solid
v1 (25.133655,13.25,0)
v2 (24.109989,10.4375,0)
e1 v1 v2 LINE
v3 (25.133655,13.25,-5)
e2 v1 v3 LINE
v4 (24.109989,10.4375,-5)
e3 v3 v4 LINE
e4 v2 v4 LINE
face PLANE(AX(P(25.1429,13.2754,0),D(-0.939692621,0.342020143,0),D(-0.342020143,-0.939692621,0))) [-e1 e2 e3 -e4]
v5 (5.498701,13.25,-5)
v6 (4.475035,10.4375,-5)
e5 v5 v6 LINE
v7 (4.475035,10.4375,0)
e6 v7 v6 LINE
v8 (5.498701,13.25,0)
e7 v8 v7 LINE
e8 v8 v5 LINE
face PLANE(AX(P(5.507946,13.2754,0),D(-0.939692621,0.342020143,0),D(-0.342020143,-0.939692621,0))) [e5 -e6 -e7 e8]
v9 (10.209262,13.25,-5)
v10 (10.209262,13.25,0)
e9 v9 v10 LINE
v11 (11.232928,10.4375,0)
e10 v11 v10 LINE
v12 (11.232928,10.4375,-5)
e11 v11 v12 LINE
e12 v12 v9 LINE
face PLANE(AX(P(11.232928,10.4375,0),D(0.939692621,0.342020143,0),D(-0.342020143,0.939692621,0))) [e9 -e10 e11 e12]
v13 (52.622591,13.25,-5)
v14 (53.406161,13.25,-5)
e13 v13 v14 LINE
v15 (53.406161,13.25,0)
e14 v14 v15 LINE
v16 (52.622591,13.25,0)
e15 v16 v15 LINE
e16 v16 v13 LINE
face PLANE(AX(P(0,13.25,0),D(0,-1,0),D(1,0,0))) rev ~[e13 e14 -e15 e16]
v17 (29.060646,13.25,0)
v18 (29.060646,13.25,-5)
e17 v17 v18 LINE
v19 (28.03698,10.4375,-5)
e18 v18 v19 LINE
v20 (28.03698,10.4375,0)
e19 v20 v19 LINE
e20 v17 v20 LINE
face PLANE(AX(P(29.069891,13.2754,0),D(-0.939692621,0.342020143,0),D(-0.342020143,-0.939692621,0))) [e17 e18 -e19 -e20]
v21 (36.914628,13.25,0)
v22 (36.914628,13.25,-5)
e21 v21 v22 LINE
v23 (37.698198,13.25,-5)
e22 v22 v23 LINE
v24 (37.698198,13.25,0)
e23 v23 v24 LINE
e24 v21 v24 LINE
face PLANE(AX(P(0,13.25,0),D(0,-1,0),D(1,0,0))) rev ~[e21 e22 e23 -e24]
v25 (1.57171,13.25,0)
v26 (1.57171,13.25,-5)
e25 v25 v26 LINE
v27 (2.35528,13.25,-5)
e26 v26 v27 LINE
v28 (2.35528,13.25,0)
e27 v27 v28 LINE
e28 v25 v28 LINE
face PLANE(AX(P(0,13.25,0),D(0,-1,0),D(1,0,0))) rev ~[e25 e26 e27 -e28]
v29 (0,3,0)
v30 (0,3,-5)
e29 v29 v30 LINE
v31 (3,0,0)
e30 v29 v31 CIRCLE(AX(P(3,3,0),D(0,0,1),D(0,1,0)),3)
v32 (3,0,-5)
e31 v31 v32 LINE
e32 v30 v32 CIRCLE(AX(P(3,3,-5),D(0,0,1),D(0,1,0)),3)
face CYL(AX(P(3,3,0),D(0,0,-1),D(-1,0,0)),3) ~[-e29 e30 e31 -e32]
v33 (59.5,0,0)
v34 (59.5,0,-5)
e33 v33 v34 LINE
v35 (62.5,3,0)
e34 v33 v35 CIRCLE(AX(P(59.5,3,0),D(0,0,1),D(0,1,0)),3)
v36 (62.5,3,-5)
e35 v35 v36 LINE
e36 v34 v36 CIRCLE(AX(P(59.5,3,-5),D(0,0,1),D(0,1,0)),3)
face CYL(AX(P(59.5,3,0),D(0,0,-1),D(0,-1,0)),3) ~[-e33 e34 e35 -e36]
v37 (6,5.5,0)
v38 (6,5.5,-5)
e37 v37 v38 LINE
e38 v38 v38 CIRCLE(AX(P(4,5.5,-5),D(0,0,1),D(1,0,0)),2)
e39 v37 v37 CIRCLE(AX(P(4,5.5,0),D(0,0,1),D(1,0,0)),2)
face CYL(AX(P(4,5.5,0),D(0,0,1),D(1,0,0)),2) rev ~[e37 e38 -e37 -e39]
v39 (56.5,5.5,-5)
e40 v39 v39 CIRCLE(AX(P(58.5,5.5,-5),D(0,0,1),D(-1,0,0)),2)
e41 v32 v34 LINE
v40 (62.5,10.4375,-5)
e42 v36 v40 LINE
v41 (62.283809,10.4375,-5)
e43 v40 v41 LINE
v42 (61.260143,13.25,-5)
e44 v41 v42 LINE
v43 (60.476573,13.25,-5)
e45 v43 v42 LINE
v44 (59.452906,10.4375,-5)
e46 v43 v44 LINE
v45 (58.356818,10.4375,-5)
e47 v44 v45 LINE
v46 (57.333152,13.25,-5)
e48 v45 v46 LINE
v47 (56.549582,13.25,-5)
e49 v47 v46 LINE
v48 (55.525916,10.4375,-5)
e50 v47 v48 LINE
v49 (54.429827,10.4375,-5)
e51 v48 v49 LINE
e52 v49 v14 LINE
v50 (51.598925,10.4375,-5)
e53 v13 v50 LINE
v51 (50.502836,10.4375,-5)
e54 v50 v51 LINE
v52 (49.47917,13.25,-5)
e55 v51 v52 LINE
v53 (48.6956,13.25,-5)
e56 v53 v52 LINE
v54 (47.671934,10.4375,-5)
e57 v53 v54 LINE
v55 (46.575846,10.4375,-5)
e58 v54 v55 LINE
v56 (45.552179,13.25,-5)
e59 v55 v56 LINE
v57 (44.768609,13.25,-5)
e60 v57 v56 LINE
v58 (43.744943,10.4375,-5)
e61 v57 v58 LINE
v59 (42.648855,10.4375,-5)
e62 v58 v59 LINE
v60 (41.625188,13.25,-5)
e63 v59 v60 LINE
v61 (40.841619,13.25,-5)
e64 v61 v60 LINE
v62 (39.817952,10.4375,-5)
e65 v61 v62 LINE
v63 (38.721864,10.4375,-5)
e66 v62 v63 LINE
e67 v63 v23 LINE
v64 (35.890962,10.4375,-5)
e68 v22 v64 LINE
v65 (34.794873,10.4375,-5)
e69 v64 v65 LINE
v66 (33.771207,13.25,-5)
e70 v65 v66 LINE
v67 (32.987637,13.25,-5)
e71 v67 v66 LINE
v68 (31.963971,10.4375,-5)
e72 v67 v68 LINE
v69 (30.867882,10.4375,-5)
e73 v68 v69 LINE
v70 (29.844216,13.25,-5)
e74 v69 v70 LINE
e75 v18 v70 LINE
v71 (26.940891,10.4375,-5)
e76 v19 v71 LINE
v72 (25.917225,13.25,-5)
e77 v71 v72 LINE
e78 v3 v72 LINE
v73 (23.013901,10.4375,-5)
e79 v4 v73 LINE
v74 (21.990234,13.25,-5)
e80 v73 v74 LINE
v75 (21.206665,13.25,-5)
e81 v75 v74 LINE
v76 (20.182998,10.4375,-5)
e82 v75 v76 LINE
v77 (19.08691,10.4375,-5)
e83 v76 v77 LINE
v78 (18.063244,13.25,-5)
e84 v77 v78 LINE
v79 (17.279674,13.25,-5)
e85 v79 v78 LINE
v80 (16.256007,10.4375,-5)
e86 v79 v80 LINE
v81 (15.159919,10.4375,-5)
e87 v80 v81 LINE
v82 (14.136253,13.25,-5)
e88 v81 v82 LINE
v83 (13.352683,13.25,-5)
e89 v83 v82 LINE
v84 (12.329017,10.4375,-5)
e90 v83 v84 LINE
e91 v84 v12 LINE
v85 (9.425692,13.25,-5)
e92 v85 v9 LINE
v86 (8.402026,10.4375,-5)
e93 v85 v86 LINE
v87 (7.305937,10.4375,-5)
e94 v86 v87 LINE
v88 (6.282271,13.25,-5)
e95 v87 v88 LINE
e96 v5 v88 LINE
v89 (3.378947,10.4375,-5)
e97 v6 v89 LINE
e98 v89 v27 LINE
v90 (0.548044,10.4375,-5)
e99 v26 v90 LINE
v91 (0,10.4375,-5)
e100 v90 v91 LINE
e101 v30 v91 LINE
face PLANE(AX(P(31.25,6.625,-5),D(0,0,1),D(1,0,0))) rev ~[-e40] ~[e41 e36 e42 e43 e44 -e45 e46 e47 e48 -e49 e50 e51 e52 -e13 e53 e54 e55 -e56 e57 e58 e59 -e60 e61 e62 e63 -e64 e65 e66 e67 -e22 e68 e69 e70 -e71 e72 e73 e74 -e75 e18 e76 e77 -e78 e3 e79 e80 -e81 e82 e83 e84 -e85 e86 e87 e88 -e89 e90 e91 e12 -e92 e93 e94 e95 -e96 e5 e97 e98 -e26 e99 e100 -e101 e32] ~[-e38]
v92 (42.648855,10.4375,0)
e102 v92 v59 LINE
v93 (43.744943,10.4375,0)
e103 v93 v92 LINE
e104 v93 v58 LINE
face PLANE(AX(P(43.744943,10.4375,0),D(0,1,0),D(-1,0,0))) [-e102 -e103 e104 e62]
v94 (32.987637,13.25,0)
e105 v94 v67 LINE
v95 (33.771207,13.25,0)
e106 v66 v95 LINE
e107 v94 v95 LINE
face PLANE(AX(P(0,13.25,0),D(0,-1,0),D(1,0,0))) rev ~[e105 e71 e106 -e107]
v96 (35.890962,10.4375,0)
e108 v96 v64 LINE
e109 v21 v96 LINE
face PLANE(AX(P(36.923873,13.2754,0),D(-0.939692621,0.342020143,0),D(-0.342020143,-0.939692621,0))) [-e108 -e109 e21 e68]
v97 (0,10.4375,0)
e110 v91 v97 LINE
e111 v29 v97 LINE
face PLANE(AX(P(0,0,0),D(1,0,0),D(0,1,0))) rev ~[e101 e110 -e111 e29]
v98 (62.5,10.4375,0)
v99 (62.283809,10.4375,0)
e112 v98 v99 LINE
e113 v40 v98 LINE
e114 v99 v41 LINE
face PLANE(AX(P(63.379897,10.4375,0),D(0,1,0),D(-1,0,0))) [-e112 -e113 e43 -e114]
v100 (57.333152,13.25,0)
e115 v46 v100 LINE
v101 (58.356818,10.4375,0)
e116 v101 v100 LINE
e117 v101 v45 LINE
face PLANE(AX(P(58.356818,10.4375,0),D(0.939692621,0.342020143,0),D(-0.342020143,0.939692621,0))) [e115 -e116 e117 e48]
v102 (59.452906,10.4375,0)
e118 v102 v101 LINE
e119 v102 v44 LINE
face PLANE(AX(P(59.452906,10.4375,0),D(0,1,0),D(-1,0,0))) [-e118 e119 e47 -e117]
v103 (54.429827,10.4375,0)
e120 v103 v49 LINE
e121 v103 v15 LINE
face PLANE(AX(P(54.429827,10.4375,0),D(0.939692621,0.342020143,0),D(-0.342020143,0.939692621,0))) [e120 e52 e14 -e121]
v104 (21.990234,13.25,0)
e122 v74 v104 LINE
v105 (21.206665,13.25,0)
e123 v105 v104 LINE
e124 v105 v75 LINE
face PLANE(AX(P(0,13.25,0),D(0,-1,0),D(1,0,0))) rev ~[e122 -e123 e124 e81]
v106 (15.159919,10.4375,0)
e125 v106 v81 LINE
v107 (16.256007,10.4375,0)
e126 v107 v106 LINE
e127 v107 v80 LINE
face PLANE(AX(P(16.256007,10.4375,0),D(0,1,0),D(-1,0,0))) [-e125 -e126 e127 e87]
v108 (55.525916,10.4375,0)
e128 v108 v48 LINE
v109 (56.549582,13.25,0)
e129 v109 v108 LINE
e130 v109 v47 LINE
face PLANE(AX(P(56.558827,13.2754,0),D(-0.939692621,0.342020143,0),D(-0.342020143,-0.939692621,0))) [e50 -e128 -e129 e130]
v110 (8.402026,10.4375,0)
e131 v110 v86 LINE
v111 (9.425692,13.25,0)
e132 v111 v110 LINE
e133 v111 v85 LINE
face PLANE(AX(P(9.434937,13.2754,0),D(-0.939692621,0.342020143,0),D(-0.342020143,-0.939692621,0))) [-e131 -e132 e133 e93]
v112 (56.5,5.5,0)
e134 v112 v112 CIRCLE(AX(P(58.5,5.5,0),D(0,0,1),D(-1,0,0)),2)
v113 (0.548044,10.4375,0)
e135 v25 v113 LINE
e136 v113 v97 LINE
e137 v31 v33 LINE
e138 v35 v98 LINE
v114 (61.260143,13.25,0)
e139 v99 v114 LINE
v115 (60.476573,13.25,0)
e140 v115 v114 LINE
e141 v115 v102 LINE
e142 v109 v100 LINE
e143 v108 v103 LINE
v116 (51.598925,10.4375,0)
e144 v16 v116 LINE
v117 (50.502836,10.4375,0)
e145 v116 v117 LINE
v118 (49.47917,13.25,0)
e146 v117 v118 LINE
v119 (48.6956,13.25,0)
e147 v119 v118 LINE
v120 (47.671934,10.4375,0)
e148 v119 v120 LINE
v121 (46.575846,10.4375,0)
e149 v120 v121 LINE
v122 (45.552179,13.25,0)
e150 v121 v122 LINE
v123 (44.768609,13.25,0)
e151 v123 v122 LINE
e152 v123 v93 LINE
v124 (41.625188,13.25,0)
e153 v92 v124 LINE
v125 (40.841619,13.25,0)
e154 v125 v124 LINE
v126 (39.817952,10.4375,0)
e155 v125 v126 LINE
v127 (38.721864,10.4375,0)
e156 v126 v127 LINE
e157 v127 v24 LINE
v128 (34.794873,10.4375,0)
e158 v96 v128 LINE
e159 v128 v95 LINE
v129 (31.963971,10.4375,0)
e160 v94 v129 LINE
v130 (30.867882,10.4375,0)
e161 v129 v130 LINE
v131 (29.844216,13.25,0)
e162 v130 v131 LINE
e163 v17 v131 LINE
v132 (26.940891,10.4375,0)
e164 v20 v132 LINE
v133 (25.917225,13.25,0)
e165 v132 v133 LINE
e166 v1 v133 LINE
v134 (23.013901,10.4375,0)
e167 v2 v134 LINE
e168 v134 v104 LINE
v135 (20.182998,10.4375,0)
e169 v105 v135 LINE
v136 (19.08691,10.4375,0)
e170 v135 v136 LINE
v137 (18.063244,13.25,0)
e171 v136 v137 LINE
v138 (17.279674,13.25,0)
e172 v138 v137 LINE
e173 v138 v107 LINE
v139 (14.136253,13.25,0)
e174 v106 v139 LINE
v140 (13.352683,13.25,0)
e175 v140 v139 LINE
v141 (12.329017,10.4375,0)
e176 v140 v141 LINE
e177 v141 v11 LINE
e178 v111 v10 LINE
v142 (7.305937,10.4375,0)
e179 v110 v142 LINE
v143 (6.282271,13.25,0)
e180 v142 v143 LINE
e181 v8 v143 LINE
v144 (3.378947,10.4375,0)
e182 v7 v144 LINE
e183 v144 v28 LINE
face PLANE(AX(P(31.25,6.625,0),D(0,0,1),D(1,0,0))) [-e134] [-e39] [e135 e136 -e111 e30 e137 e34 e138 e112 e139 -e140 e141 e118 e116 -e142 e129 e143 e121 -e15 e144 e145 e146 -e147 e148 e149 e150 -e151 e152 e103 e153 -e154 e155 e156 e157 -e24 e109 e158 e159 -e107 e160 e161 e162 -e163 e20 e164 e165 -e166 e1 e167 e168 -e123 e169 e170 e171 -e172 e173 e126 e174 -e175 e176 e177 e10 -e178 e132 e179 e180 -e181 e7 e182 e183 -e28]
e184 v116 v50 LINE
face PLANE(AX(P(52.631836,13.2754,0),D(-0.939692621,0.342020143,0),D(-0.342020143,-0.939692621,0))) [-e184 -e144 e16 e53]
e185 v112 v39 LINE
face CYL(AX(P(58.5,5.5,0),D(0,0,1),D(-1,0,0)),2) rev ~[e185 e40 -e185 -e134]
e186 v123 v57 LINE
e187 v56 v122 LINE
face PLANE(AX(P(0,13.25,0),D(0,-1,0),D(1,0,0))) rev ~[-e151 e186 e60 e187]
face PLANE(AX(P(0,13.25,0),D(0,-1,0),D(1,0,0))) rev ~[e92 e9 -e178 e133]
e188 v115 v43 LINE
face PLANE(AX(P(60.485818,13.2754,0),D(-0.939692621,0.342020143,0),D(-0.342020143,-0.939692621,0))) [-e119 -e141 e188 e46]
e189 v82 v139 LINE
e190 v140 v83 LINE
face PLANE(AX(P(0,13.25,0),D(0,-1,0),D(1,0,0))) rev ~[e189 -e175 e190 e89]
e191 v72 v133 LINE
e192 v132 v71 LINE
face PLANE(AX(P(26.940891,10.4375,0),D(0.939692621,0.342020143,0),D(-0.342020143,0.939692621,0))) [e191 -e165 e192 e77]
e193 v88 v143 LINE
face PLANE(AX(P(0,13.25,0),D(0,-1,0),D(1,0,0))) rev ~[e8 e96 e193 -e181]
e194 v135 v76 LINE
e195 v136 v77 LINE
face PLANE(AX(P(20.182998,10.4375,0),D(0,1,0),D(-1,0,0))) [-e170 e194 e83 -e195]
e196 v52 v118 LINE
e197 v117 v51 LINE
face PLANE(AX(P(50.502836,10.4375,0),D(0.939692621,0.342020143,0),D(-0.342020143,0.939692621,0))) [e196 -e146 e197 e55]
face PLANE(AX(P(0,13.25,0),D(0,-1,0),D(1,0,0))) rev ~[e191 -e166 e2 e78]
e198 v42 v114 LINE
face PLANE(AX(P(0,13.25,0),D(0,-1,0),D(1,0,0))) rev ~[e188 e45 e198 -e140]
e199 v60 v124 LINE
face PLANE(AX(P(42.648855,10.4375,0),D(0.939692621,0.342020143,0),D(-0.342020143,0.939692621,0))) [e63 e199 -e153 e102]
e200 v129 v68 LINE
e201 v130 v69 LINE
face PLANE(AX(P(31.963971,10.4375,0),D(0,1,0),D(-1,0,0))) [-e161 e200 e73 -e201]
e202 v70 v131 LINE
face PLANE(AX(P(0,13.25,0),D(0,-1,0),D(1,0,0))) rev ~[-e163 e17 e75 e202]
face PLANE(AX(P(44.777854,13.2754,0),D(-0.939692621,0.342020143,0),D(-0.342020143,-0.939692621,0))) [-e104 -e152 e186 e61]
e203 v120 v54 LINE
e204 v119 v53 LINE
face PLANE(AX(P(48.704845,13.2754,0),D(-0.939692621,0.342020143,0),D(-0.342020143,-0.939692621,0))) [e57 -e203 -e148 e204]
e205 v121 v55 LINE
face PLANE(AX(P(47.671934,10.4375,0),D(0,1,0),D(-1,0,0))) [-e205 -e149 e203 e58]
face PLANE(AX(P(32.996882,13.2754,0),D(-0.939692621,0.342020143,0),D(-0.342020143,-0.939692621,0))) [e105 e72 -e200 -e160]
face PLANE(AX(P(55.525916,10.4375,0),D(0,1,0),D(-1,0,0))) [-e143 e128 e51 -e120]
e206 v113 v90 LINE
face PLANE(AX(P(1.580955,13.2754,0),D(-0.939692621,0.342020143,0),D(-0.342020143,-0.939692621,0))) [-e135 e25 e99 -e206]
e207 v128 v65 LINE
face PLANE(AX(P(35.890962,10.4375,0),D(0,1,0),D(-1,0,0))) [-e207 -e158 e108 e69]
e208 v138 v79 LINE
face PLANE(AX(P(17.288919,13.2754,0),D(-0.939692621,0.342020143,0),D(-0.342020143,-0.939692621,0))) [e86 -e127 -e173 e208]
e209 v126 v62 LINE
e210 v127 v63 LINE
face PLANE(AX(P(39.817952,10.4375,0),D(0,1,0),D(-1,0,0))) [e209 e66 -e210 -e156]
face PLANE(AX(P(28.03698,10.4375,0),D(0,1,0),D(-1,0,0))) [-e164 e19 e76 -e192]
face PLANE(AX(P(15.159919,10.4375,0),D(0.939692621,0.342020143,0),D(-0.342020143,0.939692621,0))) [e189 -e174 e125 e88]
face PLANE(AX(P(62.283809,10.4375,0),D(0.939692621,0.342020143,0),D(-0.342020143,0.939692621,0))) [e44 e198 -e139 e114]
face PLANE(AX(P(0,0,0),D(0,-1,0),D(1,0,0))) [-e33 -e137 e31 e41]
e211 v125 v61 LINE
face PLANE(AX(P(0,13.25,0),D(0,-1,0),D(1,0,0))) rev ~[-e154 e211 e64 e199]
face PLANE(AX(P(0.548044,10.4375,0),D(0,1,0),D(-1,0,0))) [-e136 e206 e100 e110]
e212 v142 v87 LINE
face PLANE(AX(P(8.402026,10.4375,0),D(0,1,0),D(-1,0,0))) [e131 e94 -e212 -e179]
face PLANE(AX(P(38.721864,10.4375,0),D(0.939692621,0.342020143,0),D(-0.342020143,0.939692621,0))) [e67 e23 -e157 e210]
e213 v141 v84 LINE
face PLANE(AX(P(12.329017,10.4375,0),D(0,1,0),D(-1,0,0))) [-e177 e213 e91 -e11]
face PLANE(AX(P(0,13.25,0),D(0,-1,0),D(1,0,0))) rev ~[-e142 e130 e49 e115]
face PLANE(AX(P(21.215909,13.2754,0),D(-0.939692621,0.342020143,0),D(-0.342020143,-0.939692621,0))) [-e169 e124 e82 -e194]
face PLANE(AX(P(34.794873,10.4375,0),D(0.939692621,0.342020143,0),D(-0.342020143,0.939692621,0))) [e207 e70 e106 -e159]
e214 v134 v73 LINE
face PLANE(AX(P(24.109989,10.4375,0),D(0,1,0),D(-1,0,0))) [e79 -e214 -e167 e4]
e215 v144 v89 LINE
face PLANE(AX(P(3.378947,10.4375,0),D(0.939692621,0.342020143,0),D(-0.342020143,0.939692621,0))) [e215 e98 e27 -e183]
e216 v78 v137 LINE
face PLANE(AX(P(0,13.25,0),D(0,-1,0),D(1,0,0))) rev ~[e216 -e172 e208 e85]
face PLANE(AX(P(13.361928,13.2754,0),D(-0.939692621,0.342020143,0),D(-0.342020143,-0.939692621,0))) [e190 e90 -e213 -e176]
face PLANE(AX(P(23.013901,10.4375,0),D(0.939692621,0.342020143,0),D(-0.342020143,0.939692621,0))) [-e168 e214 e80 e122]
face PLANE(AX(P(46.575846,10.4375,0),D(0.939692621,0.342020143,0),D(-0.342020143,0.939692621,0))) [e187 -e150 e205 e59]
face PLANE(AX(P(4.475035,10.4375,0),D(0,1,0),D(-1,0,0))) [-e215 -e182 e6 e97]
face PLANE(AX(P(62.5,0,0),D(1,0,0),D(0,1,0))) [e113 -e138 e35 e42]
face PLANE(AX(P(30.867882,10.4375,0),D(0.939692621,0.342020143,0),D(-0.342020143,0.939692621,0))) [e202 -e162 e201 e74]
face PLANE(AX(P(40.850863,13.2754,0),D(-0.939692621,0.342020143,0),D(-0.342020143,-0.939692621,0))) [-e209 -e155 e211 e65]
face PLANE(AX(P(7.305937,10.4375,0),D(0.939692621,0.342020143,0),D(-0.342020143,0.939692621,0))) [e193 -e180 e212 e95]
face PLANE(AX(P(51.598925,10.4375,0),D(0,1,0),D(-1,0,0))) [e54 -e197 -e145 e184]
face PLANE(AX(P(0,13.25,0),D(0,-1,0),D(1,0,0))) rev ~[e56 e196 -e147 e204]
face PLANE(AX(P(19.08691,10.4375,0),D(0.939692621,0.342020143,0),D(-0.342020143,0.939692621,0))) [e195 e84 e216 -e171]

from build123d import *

# Parameters (mm, degrees)
BLANKSKE_W        = 62.5
BLANKSKE_H        = 13.25
BLANKSKE_R        = 2
BLANK_DEPTH       = 5
TOOTHCUTSIM_DEPTH = 65.084416983
TEETHCUTS_COUNT   = 17
TEETHCUTS_PITCH   = 3.926990813
FILLET1_R         = 3


with BuildPart() as part:
    # BlankSke → Blank (new body)
    with BuildSketch(Plane.XY):
        with Locations((31.25, 6.625)):
            Rectangle(BLANKSKE_W, BLANKSKE_H)
        with Locations((4, 5.5)):
            Circle(BLANKSKE_R, mode=Mode.SUBTRACT)
        with Locations(Location((58.5, 5.5, 0), (0, 0, 180))):
            Circle(BLANKSKE_R, mode=Mode.SUBTRACT)
    extrude(amount=-BLANK_DEPTH)

    # TooCutSkeSim → ToothCutSim (cut, through all)
    with BuildSketch(Plane.XY):
        Polygon((0.548044212, 10.4375), (-0.548044212, 10.4375), (-1.58095534, 13.2754), (1.58095534, 13.2754), align=None)
    toothcutsim = extrude(amount=-TOOTHCUTSIM_DEPTH, mode=Mode.SUBTRACT)

    # TeethCuts: ToothCutSim ×17
    with Locations(*[(i * TEETHCUTS_PITCH, 0, 0) for i in range(1, TEETHCUTS_COUNT)]):
        add(toothcutsim, mode=Mode.SUBTRACT)

    # Fillet1
    fillet1_edges = [part.edges().sort_by_distance(p)[0] for p in [
        (62.5, 0, -2.5),
        (0, 0, -2.5),
    ]]
    fillet(fillet1_edges, radius=FILLET1_R)


solid = part.part
